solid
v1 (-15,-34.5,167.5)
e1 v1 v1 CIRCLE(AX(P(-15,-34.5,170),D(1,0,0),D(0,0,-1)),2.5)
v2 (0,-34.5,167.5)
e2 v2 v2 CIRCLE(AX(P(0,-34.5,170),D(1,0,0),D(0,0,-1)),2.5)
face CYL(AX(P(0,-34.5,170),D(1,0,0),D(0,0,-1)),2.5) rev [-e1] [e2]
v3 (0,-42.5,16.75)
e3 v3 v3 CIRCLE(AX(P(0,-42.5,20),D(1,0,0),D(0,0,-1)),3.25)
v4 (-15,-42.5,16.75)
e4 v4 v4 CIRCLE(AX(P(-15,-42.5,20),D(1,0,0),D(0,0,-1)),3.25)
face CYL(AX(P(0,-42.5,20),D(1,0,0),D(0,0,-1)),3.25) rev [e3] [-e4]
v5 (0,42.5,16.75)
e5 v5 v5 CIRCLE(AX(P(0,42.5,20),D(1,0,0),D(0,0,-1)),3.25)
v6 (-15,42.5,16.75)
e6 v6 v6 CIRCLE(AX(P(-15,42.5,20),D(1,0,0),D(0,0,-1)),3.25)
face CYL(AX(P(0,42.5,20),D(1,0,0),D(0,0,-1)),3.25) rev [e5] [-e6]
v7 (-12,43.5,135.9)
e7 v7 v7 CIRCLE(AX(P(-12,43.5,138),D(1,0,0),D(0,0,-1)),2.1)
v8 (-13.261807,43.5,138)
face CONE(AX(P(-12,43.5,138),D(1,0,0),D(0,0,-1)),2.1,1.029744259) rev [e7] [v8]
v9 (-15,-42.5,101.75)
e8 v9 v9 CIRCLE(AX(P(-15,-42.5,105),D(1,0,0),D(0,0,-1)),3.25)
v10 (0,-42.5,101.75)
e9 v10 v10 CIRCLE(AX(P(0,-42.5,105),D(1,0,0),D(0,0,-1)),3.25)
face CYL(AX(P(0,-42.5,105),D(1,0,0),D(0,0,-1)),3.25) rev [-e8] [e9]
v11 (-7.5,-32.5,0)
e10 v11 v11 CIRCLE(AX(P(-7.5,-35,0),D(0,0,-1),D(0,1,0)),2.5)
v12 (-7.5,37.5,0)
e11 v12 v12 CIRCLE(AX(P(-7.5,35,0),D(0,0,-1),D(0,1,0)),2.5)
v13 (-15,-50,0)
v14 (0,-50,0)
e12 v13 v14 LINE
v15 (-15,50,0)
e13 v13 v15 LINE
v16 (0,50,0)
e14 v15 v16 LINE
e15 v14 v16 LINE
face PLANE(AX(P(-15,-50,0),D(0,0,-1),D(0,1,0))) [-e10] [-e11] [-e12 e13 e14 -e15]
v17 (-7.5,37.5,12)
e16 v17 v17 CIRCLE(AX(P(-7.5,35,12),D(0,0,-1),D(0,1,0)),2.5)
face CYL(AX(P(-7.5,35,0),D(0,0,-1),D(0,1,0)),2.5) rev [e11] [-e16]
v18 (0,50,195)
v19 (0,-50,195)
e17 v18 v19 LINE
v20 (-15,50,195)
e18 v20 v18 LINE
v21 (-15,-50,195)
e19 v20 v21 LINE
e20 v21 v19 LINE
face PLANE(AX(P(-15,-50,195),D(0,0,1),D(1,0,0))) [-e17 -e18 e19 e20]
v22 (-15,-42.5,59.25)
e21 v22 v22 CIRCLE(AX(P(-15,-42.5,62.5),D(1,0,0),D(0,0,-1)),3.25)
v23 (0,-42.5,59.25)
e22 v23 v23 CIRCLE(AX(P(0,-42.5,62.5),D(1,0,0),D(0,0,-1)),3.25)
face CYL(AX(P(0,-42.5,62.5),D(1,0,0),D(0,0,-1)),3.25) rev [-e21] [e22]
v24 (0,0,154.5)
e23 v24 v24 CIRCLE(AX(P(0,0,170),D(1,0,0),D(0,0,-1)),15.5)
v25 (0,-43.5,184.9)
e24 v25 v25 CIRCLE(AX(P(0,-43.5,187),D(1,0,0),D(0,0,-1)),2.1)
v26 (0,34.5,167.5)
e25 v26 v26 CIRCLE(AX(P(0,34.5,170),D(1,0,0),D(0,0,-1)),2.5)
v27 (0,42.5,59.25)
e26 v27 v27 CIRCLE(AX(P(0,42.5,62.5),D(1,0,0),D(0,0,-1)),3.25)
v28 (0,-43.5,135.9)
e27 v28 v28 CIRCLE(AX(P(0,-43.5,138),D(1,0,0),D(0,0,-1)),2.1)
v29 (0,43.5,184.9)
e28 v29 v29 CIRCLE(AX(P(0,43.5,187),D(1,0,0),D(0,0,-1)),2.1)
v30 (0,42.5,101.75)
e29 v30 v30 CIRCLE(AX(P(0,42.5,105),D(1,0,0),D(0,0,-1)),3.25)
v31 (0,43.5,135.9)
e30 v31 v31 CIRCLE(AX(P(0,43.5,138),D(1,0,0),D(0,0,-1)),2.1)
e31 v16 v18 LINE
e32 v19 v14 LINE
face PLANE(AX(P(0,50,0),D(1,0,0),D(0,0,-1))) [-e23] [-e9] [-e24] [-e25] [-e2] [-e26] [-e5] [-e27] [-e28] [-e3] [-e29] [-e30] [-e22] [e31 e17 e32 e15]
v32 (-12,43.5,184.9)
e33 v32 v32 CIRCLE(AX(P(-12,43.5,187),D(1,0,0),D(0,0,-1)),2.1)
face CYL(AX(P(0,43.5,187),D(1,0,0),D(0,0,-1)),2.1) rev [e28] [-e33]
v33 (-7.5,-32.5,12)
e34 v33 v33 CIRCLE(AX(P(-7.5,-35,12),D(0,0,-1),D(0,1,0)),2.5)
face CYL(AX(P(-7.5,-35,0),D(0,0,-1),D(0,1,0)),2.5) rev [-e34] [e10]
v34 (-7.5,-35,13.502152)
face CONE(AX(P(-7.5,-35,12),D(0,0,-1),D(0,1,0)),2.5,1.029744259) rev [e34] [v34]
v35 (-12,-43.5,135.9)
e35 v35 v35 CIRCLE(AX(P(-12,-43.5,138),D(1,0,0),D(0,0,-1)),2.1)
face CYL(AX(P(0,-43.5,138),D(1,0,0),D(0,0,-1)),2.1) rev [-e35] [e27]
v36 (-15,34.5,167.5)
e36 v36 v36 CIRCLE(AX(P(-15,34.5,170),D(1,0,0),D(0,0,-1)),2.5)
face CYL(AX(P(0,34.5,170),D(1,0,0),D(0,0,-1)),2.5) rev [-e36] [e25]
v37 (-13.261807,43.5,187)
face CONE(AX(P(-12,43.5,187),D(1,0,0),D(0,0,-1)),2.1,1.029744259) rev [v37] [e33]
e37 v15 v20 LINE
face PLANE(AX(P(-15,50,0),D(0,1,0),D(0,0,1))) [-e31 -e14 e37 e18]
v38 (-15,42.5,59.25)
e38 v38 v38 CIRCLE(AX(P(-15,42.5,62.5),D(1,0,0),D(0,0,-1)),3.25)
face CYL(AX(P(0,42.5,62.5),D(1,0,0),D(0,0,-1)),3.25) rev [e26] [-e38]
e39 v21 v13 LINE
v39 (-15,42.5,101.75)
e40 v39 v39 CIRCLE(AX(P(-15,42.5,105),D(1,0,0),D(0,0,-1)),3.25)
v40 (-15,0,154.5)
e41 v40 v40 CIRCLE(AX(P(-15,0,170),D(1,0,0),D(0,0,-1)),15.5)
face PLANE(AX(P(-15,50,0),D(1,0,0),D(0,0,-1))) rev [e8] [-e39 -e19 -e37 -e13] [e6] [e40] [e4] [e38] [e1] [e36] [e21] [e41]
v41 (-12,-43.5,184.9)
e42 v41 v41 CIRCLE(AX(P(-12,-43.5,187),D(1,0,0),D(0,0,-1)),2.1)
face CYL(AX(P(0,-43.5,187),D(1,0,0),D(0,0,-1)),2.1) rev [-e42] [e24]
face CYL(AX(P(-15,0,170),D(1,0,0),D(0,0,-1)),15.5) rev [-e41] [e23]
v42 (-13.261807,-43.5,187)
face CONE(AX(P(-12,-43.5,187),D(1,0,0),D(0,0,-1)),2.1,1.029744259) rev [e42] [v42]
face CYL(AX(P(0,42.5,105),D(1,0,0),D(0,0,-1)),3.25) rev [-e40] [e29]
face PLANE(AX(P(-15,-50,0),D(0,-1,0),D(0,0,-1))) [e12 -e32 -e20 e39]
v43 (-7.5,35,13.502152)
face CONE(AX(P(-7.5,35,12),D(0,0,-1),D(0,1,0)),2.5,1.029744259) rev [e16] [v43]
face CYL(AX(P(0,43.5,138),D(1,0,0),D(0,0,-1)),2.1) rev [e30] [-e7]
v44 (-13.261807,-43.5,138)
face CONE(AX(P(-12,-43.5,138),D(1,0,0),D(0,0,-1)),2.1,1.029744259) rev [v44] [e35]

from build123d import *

# Parameters (mm, degrees)
SKETCH11_W                 = 195
SKETCH11_H                 = 100
BOSS_EXTRUDE2_DEPTH        = 15
SKETCH2_R                  = 15.5
CUT_EXTRUDE1_DEPTH         = 202.866292382
M6_TAPPED_HOLE1_D          = 5
M6_TAPPED_HOLE1_DEPTH      = 12
M6_TAPPED_HOLE1_TIP        = 1.502151548
F_6_5_6_5_DIAMETER_HOLE1_D = 6.5
M5_TAPPED_HOLE1_D          = 4.2
M5_TAPPED_HOLE1_DEPTH      = 12
M5_TAPPED_HOLE1_TIP        = 1.2618073
M6_TAPPED_HOLE2_D          = 5


with BuildPart() as part:
    # Sketch11 → Boss-Extrude2 (new body)
    with BuildSketch(Plane(origin=(0, 0, 0), x_dir=(0, 0, -1), z_dir=(1, 0, 0))):
        with Locations((-97.5, 0)):
            Rectangle(SKETCH11_W, SKETCH11_H)
    extrude(amount=-BOSS_EXTRUDE2_DEPTH)

    # Sketch2 → Cut-Extrude1 (cut, through all)
    with BuildSketch(Plane(origin=(0, 0, 0), x_dir=(0, 0, -1), z_dir=(1, 0, 0))):
        with Locations((-170, 0)):
            Circle(SKETCH2_R)
    extrude(amount=-CUT_EXTRUDE1_DEPTH, mode=Mode.SUBTRACT)

    # M6 Tapped Hole1
    with Locations(Plane(origin=(-11.981616001, -34.658638116, 0), x_dir=(-1, 0, 0), z_dir=(0, 0, -1))):
        with Locations((-4.481616001, -0.341361884), (-4.481616001, 69.658638116)):
            Hole(M6_TAPPED_HOLE1_D / 2, depth=M6_TAPPED_HOLE1_DEPTH)
            with Locations((0, 0, -(M6_TAPPED_HOLE1_DEPTH + M6_TAPPED_HOLE1_TIP / 2))):  # 118° drill point
                Cone(0, M6_TAPPED_HOLE1_D / 2, M6_TAPPED_HOLE1_TIP, mode=Mode.SUBTRACT)

    # Ø6.5 (6.5) Diameter Hole1 (through all)
    with Locations(Plane(origin=(0, -7.362824857, 24.874407607), x_dir=(0, 0, -1), z_dir=(1, 0, 0))):
        with Locations((-80.125592393, -35.137175143), (-37.625592393, -35.137175143), (4.874407607, -35.137175143), (-80.125592393, 49.862824857), (-37.625592393, 49.862824857), (4.874407607, 49.862824857)):
            Hole(F_6_5_6_5_DIAMETER_HOLE1_D / 2)

    # M5 Tapped Hole1
    with Locations(Plane(origin=(0, -36.291159976, 74.046897255), x_dir=(0, 0, 1), z_dir=(1, 0, 0))):
        with Locations((63.953102745, 7.208840024), (112.953102745, 7.208840024), (112.953102745, -79.791159976), (63.953102745, -79.791159976)):
            Hole(M5_TAPPED_HOLE1_D / 2, depth=M5_TAPPED_HOLE1_DEPTH)
            with Locations((0, 0, -(M5_TAPPED_HOLE1_DEPTH + M5_TAPPED_HOLE1_TIP / 2))):  # 118° drill point
                Cone(0, M5_TAPPED_HOLE1_D / 2, M5_TAPPED_HOLE1_TIP, mode=Mode.SUBTRACT)

    # M6 Tapped Hole2 (through all)
    with Locations(Plane(origin=(0, -42.104801514, 47.963156397), x_dir=(0, 0, -1), z_dir=(1, 0, 0))):
        with Locations((-122.036843603, 7.604801514), (-122.036843603, 76.604801514)):
            Hole(M6_TAPPED_HOLE2_D / 2)


solid = part.part
